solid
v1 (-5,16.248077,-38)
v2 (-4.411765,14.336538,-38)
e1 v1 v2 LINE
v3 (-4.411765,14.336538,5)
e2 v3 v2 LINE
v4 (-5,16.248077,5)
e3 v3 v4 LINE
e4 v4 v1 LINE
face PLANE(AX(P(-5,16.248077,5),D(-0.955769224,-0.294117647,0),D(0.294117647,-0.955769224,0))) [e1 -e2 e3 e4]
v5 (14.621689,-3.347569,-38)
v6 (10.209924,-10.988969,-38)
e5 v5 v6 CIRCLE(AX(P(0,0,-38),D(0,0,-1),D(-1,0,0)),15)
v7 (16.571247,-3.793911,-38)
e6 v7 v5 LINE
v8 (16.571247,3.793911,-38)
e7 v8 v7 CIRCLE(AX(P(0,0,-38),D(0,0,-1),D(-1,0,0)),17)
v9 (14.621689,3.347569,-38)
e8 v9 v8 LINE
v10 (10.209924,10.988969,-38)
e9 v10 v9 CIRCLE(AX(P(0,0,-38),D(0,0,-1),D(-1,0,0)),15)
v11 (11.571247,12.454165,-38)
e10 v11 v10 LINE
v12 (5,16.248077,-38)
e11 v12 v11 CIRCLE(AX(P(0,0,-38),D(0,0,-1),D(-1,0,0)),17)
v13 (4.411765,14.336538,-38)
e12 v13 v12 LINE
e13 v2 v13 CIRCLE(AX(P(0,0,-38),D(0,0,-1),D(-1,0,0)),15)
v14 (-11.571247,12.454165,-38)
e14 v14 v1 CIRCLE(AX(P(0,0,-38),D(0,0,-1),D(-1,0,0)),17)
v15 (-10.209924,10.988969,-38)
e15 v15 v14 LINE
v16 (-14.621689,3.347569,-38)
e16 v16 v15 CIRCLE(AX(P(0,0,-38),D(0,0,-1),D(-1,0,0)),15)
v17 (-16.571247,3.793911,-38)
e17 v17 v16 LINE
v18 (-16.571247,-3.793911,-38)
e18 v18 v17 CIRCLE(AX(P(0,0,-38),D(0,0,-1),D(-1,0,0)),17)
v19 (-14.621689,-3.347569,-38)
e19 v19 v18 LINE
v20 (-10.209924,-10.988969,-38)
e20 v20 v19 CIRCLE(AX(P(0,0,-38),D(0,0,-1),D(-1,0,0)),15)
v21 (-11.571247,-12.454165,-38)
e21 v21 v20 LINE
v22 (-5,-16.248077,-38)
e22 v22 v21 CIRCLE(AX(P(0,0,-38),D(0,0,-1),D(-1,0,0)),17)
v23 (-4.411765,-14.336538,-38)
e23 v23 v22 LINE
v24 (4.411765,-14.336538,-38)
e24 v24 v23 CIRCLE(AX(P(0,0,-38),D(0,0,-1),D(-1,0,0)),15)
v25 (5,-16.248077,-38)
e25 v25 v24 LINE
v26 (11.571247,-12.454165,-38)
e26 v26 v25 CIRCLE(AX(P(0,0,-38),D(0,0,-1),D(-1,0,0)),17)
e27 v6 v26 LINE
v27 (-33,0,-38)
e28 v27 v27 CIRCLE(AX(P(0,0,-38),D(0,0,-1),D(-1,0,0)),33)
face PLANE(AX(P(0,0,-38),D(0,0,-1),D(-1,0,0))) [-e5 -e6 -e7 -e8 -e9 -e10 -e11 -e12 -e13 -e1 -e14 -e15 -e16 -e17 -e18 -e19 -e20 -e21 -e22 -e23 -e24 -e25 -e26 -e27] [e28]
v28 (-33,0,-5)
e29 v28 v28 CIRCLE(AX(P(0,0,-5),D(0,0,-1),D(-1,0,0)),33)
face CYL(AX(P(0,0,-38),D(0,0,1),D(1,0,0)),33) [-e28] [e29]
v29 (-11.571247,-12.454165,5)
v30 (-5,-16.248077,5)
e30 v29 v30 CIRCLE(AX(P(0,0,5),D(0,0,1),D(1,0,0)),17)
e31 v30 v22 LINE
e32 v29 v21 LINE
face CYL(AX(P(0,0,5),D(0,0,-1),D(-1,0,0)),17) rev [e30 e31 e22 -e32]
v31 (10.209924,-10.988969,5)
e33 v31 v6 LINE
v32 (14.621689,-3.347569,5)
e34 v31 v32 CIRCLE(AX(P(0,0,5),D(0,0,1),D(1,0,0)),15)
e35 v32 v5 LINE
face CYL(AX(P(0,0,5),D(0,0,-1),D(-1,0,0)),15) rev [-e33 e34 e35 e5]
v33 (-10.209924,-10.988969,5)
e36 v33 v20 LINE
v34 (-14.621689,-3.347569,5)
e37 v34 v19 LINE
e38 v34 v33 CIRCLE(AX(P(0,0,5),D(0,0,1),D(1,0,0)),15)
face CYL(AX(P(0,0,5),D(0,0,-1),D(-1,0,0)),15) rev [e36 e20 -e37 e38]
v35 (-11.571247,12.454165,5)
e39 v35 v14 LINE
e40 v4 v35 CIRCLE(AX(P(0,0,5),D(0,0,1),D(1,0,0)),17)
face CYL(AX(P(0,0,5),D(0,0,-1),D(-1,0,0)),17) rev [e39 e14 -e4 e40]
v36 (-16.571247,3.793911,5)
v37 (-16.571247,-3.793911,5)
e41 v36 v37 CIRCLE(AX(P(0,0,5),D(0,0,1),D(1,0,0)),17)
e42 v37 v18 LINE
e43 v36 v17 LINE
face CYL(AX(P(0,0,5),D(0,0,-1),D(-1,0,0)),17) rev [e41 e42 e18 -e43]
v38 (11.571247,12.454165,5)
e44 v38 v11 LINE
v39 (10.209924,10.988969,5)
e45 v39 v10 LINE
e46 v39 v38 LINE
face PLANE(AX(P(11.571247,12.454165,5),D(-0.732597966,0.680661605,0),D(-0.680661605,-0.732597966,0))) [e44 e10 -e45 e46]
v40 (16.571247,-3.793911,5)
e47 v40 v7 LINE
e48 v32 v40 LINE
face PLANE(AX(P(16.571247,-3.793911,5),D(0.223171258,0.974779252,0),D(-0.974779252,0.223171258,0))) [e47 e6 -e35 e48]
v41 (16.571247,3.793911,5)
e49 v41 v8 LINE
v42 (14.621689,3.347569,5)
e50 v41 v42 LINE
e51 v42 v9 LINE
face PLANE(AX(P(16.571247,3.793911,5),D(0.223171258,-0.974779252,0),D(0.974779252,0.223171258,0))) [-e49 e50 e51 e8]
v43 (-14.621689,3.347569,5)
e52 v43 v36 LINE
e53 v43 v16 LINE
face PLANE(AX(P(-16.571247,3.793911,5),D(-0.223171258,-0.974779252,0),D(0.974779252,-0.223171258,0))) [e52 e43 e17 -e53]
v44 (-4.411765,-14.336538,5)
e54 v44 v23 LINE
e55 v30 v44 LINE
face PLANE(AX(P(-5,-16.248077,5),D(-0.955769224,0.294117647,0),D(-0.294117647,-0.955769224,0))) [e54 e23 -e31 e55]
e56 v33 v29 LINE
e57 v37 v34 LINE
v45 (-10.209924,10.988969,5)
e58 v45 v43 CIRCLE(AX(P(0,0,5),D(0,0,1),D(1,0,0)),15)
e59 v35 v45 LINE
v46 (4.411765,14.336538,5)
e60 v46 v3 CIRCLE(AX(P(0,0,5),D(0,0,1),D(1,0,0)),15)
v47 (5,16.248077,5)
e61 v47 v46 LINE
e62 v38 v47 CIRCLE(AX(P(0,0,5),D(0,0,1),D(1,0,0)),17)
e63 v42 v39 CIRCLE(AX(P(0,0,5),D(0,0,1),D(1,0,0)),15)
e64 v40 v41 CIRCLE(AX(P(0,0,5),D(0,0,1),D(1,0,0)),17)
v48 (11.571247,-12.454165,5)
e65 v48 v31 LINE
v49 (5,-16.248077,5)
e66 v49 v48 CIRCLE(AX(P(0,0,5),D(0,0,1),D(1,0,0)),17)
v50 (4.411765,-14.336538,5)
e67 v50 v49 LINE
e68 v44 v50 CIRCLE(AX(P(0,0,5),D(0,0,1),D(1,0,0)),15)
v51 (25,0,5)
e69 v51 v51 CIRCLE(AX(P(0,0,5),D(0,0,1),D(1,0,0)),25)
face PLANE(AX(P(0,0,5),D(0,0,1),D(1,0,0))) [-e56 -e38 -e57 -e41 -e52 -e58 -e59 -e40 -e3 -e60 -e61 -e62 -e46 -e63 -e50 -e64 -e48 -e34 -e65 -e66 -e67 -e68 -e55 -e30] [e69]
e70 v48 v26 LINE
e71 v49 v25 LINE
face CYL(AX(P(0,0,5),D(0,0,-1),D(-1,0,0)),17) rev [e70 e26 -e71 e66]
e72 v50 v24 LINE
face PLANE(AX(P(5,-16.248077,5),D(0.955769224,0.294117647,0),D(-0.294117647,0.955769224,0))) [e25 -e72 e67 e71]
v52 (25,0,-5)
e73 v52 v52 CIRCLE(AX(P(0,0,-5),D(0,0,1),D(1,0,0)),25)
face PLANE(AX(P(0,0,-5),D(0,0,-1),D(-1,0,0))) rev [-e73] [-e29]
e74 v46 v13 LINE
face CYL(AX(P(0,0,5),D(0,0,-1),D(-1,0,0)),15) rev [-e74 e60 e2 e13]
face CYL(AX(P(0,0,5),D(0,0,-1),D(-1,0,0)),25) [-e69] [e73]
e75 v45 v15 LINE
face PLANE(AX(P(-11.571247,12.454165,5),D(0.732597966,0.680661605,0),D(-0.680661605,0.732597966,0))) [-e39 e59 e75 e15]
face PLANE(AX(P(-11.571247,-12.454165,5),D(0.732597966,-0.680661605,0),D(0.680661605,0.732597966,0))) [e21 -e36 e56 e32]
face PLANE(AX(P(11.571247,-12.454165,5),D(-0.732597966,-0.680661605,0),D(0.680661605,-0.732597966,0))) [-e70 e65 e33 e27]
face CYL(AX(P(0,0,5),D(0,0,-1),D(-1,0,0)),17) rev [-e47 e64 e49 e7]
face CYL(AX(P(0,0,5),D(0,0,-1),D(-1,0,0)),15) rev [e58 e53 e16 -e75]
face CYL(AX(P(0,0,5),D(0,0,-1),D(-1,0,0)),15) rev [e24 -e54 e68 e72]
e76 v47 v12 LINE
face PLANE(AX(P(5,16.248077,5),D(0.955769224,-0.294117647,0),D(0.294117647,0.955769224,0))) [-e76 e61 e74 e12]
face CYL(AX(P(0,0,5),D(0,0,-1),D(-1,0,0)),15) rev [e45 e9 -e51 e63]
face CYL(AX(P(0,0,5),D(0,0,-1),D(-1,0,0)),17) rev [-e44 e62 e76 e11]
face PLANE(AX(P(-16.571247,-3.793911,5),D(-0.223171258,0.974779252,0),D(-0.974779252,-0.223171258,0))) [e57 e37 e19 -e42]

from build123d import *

# Parameters (mm, degrees)
IZIM1_R                     = 25
Y_KSEKLIK_EKSTR_ZYON1_DEPTH = 5
IZIM2_R                     = 33
Y_KSEKLIK_EKSTR_ZYON2_DEPTH = 33


with BuildPart() as part:
    # Çizim1 → Yükseklik-Ekstrüzyon1 (new body, symmetric)
    with BuildSketch(Plane.XY):
        Circle(IZIM1_R)
        with BuildLine():
            Line((-5, 16.248076809), (-4.411764706, 14.336538361))
            ThreePointArc((-4.411764706, 14.336538361), (0, 15), (4.411764706, 14.336538361))
            Line((4.411764706, 14.336538361), (5, 16.248076809))
            ThreePointArc((5, 16.248076809), (8.5, 14.722431864), (11.571247279, 12.454165424))
            Line((11.571247279, 12.454165424), (10.20992407, 10.988969491))
            ThreePointArc((10.20992407, 10.988969491), (12.990381057, 7.5), (14.621688776, 3.34756887))
            Line((14.621688776, 3.34756887), (16.571247279, 3.793911386))
            ThreePointArc((16.571247279, 3.793911386), (17, 0), (16.571247279, -3.793911386))
            Line((16.571247279, -3.793911386), (14.621688776, -3.34756887))
            ThreePointArc((14.621688776, -3.34756887), (12.990381057, -7.5), (10.20992407, -10.988969491))
            Line((10.20992407, -10.988969491), (11.571247279, -12.454165424))
            ThreePointArc((11.571247279, -12.454165424), (8.5, -14.722431864), (5, -16.248076809))
            Line((5, -16.248076809), (4.411764706, -14.336538361))
            ThreePointArc((4.411764706, -14.336538361), (0, -15), (-4.411764706, -14.336538361))
            Line((-4.411764706, -14.336538361), (-5, -16.248076809))
            ThreePointArc((-5, -16.248076809), (-8.5, -14.722431864), (-11.571247279, -12.454165424))
            Line((-11.571247279, -12.454165424), (-10.20992407, -10.988969491))
            ThreePointArc((-10.20992407, -10.988969491), (-12.990381057, -7.5), (-14.621688776, -3.34756887))
            Line((-14.621688776, -3.34756887), (-16.571247279, -3.793911386))
            ThreePointArc((-16.571247279, -3.793911386), (-17, 0), (-16.571247279, 3.793911386))
            Line((-16.571247279, 3.793911386), (-14.621688776, 3.34756887))
            ThreePointArc((-14.621688776, 3.34756887), (-12.990381057, 7.5), (-10.20992407, 10.988969491))
            Line((-10.20992407, 10.988969491), (-11.571247279, 12.454165424))
            ThreePointArc((-11.571247279, 12.454165424), (-8.5, 14.722431864), (-5, 16.248076809))
        make_face(mode=Mode.SUBTRACT)
    extrude(amount=Y_KSEKLIK_EKSTR_ZYON1_DEPTH, both=True)

    # Çizim2 → Yükseklik-Ekstrüzyon2 (add)
    with BuildSketch(Plane(origin=(0, 0, -5), x_dir=(-1, 0, 0), z_dir=(0, 0, -1))):
        Circle(IZIM2_R)
        with BuildLine():
            Line((-5, 16.248076809), (-4.411764706, 14.336538361))
            ThreePointArc((-4.411764706, 14.336538361), (0, 15), (4.411764706, 14.336538361))
            Line((4.411764706, 14.336538361), (5, 16.248076809))
            ThreePointArc((5, 16.248076809), (8.5, 14.722431864), (11.571247279, 12.454165424))
            Line((11.571247279, 12.454165424), (10.20992407, 10.988969491))
            ThreePointArc((10.20992407, 10.988969491), (12.990381057, 7.5), (14.621688776, 3.34756887))
            Line((14.621688776, 3.34756887), (16.571247279, 3.793911386))
            ThreePointArc((16.571247279, 3.793911386), (17, 0), (16.571247279, -3.793911386))
            Line((16.571247279, -3.793911386), (14.621688776, -3.34756887))
            ThreePointArc((14.621688776, -3.34756887), (12.990381057, -7.5), (10.20992407, -10.988969491))
            Line((10.20992407, -10.988969491), (11.571247279, -12.454165424))
            ThreePointArc((11.571247279, -12.454165424), (8.5, -14.722431864), (5, -16.248076809))
            Line((5, -16.248076809), (4.411764706, -14.336538361))
            ThreePointArc((4.411764706, -14.336538361), (0, -15), (-4.411764706, -14.336538361))
            Line((-4.411764706, -14.336538361), (-5, -16.248076809))
            ThreePointArc((-5, -16.248076809), (-8.5, -14.722431864), (-11.571247279, -12.454165424))
            Line((-11.571247279, -12.454165424), (-10.20992407, -10.988969491))
            ThreePointArc((-10.20992407, -10.988969491), (-12.990381057, -7.5), (-14.621688776, -3.34756887))
            Line((-14.621688776, -3.34756887), (-16.571247279, -3.793911386))
            ThreePointArc((-16.571247279, -3.793911386), (-17, 0), (-16.571247279, 3.793911386))
            Line((-16.571247279, 3.793911386), (-14.621688776, 3.34756887))
            ThreePointArc((-14.621688776, 3.34756887), (-12.990381057, 7.5), (-10.20992407, 10.988969491))
            Line((-10.20992407, 10.988969491), (-11.571247279, 12.454165424))
            ThreePointArc((-11.571247279, 12.454165424), (-8.5, 14.722431864), (-5, 16.248076809))
        make_face(mode=Mode.SUBTRACT)
    extrude(amount=Y_KSEKLIK_EKSTR_ZYON2_DEPTH)


solid = part.part
